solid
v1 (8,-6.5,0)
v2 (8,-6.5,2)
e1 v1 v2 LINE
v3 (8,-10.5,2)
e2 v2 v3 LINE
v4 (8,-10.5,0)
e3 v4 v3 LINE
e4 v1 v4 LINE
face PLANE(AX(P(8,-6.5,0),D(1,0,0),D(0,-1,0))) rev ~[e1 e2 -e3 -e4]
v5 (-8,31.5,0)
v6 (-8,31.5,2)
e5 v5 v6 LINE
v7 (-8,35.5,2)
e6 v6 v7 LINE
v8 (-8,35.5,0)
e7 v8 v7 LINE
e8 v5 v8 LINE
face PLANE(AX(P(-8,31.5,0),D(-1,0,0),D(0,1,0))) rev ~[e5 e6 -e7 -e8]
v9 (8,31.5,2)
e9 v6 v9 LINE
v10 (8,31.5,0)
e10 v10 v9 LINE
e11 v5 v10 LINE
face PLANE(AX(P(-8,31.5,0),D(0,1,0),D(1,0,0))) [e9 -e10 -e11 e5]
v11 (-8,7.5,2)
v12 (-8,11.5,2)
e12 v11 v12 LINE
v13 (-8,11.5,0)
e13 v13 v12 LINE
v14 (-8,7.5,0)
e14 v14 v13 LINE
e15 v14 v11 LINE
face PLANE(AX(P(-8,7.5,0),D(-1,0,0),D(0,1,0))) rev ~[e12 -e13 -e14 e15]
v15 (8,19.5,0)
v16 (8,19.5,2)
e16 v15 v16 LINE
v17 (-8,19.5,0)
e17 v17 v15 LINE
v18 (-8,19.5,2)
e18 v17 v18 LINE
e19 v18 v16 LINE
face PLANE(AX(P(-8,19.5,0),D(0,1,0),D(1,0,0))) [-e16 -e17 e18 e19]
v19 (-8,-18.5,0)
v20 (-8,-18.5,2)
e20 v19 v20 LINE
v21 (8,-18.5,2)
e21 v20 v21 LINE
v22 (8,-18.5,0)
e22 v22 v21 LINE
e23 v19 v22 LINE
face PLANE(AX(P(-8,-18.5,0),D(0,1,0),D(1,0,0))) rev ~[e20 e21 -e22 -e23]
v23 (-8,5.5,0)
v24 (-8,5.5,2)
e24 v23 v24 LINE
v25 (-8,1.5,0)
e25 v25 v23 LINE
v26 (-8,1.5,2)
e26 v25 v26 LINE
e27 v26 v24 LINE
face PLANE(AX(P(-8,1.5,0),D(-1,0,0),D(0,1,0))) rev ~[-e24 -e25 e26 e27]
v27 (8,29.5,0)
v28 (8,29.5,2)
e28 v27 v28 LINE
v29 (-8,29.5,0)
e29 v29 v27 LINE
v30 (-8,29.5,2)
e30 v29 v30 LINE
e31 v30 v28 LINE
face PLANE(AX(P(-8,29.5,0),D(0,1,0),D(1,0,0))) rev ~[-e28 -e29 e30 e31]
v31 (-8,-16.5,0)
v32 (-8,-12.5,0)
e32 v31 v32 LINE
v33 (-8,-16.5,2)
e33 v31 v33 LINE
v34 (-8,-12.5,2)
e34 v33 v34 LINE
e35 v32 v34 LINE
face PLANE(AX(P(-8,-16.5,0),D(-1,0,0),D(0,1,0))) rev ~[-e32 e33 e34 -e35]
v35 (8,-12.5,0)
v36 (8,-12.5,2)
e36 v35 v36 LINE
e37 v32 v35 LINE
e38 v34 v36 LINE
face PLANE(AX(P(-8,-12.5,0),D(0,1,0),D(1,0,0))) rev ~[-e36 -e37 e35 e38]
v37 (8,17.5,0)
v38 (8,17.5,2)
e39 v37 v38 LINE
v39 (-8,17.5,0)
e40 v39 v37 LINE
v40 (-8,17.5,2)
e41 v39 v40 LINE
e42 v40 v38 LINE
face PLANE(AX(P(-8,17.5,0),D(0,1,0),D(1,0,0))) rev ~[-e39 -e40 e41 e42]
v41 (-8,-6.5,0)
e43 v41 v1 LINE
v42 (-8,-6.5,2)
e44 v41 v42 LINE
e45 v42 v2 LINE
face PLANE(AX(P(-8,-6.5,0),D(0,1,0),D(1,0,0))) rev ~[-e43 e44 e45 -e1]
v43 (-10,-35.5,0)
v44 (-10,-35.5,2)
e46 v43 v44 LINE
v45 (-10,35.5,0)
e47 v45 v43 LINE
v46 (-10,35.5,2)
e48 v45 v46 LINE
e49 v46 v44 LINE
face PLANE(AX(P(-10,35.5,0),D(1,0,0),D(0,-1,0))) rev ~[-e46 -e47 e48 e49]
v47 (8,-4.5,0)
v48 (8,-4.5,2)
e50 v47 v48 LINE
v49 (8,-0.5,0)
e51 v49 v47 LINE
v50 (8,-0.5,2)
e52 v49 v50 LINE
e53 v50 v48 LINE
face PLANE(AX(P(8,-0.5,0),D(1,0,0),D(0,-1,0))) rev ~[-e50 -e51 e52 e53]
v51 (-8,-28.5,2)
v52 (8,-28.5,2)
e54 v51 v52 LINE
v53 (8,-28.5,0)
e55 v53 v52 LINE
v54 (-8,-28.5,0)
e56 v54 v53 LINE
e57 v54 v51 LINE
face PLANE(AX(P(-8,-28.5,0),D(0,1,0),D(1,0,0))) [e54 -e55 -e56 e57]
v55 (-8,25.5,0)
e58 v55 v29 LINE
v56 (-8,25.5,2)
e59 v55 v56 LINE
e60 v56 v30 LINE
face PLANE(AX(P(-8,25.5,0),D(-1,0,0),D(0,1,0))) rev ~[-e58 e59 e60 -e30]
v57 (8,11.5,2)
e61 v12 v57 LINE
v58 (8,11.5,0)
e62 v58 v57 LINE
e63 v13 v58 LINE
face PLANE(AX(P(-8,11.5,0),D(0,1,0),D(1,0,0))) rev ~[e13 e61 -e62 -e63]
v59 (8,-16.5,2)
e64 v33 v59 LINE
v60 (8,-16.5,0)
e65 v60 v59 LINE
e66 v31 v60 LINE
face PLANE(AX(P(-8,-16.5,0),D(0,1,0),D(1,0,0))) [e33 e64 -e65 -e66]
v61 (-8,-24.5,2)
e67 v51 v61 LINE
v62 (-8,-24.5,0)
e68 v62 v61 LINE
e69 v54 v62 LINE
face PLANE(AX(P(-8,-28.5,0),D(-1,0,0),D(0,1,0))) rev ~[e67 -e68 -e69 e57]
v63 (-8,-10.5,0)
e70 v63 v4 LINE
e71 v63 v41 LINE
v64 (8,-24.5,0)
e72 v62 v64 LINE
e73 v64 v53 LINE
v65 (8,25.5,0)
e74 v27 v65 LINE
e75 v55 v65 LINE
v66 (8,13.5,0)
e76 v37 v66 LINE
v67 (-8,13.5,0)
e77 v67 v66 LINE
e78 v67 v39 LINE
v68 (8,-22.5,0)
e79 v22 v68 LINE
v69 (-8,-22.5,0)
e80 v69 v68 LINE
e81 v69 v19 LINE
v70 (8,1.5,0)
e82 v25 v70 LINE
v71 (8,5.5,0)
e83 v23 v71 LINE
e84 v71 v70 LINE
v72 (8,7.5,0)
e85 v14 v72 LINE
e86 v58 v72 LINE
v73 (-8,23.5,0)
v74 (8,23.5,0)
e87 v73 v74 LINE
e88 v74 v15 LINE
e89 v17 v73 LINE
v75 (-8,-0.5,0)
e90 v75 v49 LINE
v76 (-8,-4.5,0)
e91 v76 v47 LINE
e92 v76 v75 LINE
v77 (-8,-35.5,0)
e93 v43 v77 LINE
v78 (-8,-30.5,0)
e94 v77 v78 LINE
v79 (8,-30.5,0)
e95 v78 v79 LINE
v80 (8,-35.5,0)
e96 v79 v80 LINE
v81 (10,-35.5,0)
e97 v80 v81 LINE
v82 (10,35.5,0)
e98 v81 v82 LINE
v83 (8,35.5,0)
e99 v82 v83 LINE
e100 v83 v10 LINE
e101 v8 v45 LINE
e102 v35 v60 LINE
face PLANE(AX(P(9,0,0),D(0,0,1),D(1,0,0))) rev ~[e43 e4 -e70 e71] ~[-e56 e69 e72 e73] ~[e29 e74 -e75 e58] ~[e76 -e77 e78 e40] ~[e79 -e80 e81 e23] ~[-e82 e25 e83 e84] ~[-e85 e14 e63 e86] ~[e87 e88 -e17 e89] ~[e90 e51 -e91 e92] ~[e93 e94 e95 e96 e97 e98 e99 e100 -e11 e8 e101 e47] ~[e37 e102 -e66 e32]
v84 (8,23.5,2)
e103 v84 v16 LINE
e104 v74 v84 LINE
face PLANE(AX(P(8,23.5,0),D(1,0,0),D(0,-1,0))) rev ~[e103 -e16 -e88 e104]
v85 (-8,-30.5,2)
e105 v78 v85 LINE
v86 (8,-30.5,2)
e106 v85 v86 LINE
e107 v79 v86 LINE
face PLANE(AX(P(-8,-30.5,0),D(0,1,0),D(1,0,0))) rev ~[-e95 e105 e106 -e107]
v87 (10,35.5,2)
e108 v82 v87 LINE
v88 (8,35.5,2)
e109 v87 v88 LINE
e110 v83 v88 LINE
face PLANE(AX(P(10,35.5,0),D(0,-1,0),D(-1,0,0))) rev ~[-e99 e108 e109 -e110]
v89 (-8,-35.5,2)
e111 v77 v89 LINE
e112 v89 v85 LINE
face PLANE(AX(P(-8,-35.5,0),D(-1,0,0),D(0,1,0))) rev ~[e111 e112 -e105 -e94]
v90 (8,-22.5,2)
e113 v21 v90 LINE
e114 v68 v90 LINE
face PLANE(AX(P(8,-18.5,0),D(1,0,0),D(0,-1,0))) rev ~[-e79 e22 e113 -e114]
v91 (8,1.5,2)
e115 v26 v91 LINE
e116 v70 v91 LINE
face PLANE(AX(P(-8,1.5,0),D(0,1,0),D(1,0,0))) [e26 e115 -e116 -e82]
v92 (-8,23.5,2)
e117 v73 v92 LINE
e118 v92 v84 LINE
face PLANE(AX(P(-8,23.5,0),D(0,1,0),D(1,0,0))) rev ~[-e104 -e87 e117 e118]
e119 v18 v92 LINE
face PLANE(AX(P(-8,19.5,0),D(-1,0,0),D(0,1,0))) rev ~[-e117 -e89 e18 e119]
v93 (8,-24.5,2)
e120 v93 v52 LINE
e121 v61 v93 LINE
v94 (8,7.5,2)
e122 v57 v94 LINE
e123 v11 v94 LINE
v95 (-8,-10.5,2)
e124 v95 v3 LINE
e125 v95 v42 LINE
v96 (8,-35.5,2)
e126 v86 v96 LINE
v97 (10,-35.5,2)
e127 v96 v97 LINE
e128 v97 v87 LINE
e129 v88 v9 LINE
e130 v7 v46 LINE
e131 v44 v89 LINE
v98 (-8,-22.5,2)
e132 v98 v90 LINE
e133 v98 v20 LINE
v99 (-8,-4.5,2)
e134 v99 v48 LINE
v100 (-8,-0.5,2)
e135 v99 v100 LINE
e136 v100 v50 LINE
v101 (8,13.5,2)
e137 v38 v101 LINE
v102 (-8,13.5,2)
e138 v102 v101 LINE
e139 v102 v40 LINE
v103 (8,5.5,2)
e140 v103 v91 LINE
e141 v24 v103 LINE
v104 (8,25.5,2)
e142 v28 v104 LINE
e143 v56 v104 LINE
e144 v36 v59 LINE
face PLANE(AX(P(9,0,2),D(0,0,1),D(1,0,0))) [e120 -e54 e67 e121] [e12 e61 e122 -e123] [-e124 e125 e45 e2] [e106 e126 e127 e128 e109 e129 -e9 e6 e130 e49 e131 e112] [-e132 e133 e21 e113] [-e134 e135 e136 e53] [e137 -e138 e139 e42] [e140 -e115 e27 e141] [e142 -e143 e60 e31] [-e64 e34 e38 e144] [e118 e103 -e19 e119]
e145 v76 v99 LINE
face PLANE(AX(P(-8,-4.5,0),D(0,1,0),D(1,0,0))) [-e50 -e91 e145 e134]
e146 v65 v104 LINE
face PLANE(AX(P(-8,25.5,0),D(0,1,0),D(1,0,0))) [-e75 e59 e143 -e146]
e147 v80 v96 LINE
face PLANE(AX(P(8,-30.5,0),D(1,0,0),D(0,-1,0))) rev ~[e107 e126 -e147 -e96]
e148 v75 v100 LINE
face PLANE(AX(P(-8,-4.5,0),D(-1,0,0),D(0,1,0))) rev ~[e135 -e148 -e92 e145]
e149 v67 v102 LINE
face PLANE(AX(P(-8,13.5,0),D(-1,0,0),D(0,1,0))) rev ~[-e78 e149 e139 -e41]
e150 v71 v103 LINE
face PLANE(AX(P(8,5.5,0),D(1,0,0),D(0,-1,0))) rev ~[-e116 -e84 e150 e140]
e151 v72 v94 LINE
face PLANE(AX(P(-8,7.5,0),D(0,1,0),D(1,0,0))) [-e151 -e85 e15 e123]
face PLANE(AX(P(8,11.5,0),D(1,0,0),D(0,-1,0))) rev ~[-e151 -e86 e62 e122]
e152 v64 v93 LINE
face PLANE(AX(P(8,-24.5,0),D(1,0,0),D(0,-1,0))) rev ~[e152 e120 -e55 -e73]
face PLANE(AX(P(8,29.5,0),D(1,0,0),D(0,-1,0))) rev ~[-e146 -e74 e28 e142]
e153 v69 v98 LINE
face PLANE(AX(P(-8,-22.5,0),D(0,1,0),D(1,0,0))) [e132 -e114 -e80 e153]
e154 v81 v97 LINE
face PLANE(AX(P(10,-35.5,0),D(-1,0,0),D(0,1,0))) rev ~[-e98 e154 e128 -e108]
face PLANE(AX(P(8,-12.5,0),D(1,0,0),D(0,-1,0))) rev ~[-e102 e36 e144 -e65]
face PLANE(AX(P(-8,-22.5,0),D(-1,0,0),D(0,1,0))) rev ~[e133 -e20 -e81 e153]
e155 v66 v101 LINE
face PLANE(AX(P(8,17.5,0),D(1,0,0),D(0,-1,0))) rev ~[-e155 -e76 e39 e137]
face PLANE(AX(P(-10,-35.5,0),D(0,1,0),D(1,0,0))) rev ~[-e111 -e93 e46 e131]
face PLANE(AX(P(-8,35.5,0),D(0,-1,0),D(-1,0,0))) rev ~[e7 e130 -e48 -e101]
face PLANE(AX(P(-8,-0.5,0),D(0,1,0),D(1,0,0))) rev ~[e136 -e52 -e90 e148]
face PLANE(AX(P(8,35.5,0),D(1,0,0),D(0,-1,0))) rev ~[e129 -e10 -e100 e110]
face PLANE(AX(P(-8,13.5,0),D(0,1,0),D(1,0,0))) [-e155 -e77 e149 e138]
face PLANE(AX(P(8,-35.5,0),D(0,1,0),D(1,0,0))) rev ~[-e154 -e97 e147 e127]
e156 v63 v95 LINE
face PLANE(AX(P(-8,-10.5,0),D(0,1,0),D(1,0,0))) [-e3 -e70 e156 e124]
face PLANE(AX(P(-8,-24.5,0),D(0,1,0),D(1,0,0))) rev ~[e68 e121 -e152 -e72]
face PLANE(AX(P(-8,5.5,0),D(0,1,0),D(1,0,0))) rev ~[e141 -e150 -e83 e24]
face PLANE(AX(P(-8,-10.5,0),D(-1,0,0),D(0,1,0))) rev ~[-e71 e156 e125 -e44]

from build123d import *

# Parameters (mm, degrees)
F0_W     = 16
F0_H     = 2
F1_DEPTH = 2


with BuildPart() as f1:
    # F0 (on Top) → F1 (new body)
    with BuildSketch(Plane.XY):
        Polygon((8, 35.5), (8, 31.5), (8, 29.5), (8, 25.5), (8, 23.5), (8, 19.5), (8, 17.5), (8, 13.5), (8, 11.5), (8, 7.5), (8, 5.5), (8, 1.5), (8, -0.5), (8, -4.5), (8, -6.5), (8, -10.5), (8, -12.5), (8, -16.5), (8, -18.5), (8, -22.5), (8, -24.5), (8, -28.5), (8, -30.5), (8, -35.5), (10, -35.5), (10, 35.5), align=None)
        with Locations((0, -29.5)):
            Rectangle(F0_W, F0_H)
        with Locations((0, -23.5)):
            Rectangle(F0_W, F0_H)
        Polygon((-8, 35.5), (-10, 35.5), (-10, -35.5), (-8, -35.5), (-8, -30.5), (-8, -28.5), (-8, -24.5), (-8, -22.5), (-8, -18.5), (-8, -16.5), (-8, -12.5), (-8, -10.5), (-8, -6.5), (-8, -4.5), (-8, -0.5), (-8, 1.5), (-8, 5.5), (-8, 7.5), (-8, 11.5), (-8, 13.5), (-8, 17.5), (-8, 19.5), (-8, 23.5), (-8, 25.5), (-8, 29.5), (-8, 31.5), align=None)
        with Locations((0, -17.5)):
            Rectangle(F0_W, F0_H)
        with Locations((0, -11.5)):
            Rectangle(F0_W, F0_H)
        with Locations((0, -5.5)):
            Rectangle(F0_W, F0_H)
        with Locations((0, 0.5)):
            Rectangle(F0_W, F0_H)
        with Locations((0, 6.5)):
            Rectangle(F0_W, F0_H)
        with Locations((0, 12.5)):
            Rectangle(F0_W, F0_H)
        with Locations((0, 18.5)):
            Rectangle(F0_W, F0_H)
        with Locations((0, 30.5)):
            Rectangle(F0_W, F0_H)
        with Locations((0, 24.5)):
            Rectangle(F0_W, F0_H)
    extrude(amount=F1_DEPTH)


solid = f1.part
